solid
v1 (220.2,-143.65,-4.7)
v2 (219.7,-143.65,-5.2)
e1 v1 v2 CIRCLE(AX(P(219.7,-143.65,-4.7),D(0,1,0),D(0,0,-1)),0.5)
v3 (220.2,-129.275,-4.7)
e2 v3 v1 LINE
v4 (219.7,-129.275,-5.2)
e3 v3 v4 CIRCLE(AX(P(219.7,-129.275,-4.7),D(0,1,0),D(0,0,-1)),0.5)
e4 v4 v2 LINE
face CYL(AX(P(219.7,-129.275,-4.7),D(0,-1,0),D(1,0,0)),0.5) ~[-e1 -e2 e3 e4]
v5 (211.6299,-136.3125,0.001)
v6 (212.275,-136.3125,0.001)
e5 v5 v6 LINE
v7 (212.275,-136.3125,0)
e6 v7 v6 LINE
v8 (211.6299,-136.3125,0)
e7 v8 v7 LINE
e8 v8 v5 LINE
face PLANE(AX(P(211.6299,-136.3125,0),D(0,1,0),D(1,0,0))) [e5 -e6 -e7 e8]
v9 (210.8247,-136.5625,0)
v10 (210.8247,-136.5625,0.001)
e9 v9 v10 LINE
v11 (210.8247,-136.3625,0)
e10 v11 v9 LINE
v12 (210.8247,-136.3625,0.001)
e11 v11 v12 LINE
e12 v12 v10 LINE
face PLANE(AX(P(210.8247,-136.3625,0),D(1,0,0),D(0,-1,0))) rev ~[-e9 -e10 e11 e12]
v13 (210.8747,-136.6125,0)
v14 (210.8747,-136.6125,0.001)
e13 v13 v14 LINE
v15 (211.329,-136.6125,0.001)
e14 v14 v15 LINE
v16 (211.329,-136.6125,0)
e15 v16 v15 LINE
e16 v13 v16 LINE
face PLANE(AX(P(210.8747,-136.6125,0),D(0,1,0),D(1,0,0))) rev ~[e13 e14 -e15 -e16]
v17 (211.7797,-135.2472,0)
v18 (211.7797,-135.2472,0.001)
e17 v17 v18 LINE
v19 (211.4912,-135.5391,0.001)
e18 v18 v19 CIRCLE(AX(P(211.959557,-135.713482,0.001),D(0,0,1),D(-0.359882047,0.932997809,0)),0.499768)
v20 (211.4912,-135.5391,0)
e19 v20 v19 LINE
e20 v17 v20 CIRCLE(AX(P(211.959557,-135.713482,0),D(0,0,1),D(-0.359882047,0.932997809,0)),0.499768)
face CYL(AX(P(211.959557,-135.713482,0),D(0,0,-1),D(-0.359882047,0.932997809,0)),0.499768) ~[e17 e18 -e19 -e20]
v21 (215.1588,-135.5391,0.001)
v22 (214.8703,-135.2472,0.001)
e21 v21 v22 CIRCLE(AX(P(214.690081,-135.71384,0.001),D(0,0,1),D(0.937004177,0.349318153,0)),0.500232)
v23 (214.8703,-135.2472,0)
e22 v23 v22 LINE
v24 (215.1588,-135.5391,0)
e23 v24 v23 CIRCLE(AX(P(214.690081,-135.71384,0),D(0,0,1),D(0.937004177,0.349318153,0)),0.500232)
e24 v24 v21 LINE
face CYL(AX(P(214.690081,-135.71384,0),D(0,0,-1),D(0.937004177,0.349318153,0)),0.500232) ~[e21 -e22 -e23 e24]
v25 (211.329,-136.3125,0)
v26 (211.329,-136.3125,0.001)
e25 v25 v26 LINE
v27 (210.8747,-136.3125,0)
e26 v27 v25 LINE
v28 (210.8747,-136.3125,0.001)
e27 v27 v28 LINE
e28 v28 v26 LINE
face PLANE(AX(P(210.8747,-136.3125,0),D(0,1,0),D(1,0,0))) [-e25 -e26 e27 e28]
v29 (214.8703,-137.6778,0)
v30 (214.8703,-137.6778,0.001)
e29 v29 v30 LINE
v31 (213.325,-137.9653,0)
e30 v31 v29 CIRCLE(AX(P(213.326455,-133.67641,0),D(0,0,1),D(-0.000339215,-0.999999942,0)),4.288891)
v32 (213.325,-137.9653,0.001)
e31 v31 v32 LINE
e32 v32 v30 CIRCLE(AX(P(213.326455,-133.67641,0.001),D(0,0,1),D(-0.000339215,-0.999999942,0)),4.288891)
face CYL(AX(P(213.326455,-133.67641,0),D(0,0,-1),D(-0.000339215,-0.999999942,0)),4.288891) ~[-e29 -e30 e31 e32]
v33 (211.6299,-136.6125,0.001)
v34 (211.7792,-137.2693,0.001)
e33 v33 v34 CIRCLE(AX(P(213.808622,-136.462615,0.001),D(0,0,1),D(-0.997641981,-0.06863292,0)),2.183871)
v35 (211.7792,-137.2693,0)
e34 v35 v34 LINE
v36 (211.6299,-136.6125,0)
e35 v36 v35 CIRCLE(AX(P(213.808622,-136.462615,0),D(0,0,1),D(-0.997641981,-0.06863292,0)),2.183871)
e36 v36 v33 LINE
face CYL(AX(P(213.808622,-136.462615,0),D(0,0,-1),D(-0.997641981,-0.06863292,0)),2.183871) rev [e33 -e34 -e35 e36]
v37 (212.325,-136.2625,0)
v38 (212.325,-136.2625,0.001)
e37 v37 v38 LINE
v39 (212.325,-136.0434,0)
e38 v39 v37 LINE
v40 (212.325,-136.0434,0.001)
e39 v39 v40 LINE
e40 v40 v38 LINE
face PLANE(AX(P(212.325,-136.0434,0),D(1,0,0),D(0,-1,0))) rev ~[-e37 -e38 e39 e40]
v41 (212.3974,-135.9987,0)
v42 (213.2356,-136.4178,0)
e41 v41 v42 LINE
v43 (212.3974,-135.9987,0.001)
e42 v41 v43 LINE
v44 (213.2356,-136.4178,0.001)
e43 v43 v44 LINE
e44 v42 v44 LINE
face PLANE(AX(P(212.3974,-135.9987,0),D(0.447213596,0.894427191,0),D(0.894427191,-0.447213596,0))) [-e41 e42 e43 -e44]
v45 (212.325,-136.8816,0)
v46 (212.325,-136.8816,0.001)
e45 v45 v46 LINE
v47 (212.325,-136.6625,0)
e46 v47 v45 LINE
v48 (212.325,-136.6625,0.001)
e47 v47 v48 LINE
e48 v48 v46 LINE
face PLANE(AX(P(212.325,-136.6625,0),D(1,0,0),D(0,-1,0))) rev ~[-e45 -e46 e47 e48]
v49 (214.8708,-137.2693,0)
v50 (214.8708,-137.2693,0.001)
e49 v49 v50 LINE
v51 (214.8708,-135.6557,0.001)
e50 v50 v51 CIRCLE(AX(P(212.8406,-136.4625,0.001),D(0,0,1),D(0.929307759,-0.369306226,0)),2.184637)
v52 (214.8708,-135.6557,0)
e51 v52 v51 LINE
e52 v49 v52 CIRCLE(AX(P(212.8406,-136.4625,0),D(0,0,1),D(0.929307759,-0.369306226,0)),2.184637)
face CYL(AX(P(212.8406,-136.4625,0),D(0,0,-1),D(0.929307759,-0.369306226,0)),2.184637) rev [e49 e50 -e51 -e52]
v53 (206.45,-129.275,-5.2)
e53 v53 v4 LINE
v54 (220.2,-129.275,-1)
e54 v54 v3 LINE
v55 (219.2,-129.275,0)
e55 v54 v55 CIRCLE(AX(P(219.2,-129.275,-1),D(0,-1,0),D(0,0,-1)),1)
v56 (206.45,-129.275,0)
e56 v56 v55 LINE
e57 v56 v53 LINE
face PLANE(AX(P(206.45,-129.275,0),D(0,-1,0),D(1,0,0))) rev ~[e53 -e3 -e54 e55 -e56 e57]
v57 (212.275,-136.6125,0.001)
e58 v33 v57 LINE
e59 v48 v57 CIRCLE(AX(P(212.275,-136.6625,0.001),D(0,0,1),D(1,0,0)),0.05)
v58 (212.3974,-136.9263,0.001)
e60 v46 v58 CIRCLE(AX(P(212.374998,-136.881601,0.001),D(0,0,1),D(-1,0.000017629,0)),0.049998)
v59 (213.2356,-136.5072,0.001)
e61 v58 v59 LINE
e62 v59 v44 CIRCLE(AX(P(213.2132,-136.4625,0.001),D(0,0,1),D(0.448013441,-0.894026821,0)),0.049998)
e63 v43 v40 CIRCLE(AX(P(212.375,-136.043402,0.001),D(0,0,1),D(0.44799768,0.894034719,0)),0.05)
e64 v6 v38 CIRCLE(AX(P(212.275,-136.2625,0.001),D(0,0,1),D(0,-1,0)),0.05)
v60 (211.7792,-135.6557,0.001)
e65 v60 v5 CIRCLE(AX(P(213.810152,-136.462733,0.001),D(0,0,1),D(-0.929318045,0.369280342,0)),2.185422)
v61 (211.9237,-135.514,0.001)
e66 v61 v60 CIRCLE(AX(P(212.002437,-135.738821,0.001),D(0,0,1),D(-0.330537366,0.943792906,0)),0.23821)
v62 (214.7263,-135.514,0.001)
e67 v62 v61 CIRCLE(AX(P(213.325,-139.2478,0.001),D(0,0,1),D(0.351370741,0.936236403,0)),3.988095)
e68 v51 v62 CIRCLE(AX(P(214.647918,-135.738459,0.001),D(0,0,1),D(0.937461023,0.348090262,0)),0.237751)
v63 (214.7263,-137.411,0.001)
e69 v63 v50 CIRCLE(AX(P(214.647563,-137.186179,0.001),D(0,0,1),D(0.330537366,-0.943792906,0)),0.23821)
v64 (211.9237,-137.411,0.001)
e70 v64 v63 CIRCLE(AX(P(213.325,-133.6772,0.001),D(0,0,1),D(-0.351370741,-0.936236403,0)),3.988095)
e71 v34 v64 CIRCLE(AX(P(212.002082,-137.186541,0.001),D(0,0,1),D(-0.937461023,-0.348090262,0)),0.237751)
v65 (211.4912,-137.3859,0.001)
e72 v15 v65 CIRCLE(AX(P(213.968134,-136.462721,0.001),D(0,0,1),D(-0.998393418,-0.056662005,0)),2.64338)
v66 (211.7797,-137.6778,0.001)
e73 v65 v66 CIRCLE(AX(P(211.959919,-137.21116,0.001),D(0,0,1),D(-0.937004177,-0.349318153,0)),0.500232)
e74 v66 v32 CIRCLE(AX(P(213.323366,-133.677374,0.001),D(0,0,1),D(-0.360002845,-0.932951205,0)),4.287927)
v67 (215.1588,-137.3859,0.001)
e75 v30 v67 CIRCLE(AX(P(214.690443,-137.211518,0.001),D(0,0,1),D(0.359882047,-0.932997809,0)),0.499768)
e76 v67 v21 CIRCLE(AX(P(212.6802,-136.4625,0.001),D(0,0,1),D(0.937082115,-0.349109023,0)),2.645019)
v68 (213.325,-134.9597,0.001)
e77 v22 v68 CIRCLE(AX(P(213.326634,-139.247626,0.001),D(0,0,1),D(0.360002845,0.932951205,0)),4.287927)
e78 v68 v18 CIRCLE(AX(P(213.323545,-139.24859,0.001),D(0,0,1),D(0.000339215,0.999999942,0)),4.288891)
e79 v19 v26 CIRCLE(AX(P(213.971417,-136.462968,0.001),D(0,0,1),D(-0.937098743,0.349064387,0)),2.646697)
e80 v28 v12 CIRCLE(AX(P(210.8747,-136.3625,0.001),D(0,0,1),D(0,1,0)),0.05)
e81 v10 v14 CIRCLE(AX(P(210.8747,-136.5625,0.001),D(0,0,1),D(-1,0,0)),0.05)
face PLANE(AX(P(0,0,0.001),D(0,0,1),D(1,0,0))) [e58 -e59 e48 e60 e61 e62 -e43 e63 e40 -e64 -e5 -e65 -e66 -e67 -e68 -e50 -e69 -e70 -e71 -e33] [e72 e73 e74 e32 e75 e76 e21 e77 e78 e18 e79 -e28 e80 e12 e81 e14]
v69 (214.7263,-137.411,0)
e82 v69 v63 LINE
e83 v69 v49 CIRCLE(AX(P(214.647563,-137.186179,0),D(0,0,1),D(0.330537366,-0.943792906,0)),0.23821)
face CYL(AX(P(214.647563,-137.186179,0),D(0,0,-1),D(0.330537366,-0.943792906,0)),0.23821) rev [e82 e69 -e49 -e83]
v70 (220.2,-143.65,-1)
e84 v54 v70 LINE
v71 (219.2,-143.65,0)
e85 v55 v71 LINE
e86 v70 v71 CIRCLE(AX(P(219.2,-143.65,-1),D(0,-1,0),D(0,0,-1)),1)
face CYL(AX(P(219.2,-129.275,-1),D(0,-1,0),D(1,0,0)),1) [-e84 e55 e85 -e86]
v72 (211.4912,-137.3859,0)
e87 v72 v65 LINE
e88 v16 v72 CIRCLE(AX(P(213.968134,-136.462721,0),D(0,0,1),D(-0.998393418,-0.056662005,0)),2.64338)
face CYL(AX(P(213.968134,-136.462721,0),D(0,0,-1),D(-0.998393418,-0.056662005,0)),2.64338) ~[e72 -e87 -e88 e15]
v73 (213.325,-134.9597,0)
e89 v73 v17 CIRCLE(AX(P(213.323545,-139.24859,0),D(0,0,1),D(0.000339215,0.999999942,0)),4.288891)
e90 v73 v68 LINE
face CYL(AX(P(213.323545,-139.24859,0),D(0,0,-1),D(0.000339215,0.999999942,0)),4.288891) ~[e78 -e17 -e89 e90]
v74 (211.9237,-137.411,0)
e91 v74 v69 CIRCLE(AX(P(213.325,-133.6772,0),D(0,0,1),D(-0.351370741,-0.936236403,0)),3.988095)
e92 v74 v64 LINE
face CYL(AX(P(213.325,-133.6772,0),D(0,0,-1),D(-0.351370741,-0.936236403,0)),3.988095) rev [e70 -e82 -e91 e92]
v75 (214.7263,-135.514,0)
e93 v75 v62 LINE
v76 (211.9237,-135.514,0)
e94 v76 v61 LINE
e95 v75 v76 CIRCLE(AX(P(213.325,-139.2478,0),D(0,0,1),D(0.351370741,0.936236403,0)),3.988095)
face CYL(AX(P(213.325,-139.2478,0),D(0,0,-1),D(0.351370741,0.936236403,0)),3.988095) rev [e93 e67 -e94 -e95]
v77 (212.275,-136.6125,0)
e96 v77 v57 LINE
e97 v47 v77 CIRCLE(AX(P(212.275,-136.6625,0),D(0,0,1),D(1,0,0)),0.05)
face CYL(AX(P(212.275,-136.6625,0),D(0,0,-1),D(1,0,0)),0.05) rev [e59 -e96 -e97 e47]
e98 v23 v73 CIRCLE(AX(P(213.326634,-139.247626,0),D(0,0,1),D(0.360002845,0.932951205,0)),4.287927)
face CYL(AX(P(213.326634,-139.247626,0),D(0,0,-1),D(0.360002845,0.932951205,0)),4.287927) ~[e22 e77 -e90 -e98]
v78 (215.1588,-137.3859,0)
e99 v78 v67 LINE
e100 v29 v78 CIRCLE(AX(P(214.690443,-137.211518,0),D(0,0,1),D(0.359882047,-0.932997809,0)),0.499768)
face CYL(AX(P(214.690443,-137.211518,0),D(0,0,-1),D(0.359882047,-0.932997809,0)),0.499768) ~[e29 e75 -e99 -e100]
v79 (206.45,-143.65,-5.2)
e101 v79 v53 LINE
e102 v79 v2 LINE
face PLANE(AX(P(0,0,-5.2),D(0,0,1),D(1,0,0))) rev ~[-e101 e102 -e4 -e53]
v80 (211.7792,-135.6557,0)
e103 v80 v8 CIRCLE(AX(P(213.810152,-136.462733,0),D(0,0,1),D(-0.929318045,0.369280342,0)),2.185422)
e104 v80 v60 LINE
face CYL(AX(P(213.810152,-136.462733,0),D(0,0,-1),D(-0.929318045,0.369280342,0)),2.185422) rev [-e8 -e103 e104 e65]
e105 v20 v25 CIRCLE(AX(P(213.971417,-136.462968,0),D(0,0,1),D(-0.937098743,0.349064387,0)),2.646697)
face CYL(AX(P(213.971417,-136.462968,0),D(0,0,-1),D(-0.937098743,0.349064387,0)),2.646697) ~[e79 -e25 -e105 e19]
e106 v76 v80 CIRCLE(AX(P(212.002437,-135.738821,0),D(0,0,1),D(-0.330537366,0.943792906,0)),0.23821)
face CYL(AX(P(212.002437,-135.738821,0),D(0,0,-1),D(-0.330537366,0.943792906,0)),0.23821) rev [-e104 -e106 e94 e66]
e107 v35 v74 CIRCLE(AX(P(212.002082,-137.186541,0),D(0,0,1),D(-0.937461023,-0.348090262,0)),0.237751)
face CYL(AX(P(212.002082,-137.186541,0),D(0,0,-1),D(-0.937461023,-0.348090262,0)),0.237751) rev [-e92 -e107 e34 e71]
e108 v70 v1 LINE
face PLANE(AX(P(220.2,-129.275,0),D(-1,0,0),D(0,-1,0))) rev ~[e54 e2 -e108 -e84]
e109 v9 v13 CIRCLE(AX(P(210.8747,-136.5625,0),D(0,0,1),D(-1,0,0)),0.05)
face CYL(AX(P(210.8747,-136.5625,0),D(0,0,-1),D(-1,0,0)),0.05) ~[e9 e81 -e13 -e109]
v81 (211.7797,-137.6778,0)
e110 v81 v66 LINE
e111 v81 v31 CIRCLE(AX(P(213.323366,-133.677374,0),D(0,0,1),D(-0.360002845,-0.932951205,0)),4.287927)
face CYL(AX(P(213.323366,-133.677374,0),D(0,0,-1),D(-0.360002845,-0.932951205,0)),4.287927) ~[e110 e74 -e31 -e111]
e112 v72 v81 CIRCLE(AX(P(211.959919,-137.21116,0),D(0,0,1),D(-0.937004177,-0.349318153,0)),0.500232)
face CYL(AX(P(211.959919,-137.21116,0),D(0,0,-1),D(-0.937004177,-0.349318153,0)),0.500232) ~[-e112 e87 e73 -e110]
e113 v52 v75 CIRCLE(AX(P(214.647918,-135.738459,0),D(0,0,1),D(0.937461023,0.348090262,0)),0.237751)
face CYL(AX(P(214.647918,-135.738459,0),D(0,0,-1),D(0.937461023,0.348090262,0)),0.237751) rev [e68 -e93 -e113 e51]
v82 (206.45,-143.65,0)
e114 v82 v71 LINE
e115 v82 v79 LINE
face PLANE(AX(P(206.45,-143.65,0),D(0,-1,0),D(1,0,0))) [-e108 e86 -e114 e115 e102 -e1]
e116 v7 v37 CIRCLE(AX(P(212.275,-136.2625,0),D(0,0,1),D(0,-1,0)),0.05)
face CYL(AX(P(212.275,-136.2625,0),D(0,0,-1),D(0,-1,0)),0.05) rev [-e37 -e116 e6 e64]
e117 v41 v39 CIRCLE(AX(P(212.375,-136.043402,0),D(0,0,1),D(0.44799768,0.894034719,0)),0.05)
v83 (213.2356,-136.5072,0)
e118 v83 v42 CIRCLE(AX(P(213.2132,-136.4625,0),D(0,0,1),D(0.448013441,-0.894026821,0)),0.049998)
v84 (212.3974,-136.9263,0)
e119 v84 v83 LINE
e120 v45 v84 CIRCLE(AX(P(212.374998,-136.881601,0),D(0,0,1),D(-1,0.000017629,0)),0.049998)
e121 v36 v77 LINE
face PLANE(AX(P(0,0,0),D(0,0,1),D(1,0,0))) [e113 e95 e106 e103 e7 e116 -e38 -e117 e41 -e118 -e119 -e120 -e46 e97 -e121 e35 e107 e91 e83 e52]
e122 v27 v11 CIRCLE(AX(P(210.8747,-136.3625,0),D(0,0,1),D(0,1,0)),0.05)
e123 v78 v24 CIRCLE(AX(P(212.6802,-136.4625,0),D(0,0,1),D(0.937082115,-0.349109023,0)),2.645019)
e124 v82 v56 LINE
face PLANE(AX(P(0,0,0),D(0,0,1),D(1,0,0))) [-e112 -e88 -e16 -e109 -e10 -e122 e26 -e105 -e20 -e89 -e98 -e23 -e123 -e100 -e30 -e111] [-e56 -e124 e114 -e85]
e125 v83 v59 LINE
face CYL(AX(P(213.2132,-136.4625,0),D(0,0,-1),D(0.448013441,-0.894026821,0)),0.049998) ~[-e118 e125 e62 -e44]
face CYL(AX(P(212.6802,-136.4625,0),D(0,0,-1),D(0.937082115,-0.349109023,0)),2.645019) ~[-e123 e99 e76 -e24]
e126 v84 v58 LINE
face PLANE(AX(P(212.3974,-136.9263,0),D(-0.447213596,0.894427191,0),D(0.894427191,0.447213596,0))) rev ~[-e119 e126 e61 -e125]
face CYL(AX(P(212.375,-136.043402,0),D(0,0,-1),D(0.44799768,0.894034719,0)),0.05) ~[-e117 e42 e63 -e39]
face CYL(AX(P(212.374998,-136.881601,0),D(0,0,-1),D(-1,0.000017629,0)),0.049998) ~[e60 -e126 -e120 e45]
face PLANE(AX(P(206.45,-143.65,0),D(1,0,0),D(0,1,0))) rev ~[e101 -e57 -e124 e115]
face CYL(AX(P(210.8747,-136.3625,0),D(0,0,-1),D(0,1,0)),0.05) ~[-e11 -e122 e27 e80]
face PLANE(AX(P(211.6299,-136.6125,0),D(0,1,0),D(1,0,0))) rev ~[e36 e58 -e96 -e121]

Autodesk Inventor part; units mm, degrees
ref_plane "YZ Plane" through (0, 0, 0) normal (1, 0, 0) x (0, 1, 0)
ref_plane "XZ Plane" through (0, 0, 0) normal (0, 1, 0) x (-1, 0, 0)
ref_plane "XY Plane" through (0, 0, 0) normal (0, 0, 1) x (1, 0, 0)
sketch "Szkic1" plane through (0, 0, 0) normal (0, 0, 1) x (1, 0, 0)
  line L0 (206.45, -143.65) -> (206.45, -129.275)
  line L1 (206.45, -129.275) -> (220.2, -129.275)
  line L2 (206.45, -143.65) -> (220.2, -143.65)
  line L3 (220.2, -129.275) -> (220.2, -143.65)
extrude "Wyciągnięcie proste1" add sketch "Szkic1" against normal blind 5.2
fillet "Zaokrąglenie1" radius 0.5 1 edges at (220.2, -136.4625, -5.2)
sketch "Szkic6" plane through (0, 0, 0) normal (0, 0, 1) x (1, 0, 0)
  arc A0 (214.7263, -135.514) -> (211.9237, -135.514) centre (213.325, -139.2478) ccw
  arc A1 (211.9237, -137.411) -> (214.7263, -137.411) centre (213.325, -133.6772) ccw
  arc A2 (214.8708, -137.2693) -> (214.8708, -135.6557) centre (212.8406, -136.4625) ccw
  arc A3 (211.9237, -135.514) -> (211.7792, -135.6557) centre (212.0023, -135.7386) ccw
  arc A4 (211.7792, -137.2693) -> (211.9237, -137.411) centre (212.0023, -137.1864) ccw
  arc A5 (214.8708, -135.6557) -> (214.7263, -135.514) centre (214.6477, -135.7386) ccw
  arc A6 (214.7263, -137.411) -> (214.8708, -137.2693) centre (214.6477, -137.1864) ccw
  arc A7 (213.325, -134.9597) -> (211.7797, -135.2472) centre (213.3235, -139.2481) ccw
  arc A8 (211.7797, -135.2472) -> (211.4912, -135.5391) centre (211.9597, -135.7137) ccw
  arc A9 (211.7797, -137.6778) -> (213.325, -137.9653) centre (213.3235, -133.6769) ccw
  arc A10 (211.4912, -137.3859) -> (211.7797, -137.6778) centre (211.9597, -137.2113) ccw
  arc A11 (213.325, -137.9653) -> (214.8703, -137.6778) centre (213.3265, -133.6769) ccw
  arc A12 (214.8703, -137.6778) -> (215.1588, -137.3859) centre (214.6903, -137.2113) ccw
  arc A13 (214.8703, -135.2472) -> (213.325, -134.9597) centre (213.3265, -139.2481) ccw
  arc A14 (215.1588, -135.5391) -> (214.8703, -135.2472) centre (214.6903, -135.7137) ccw
  arc A15 (215.1588, -137.3859) -> (215.1588, -135.5391) centre (212.6802, -136.4625) ccw
  line L0 (206.45, -143.65) -> (206.45, -129.275) projected
  line L1 (206.45, -129.275) -> (220.2, -129.275) projected
  line L2 (210.8247, -136.3625) -> (210.8247, -136.5625)
  line L3 (212.3974, -135.9987) -> (213.2356, -136.4178)
  line L4 (212.3974, -136.9263) -> (213.2356, -136.5072)
  line L5 (212.325, -136.0434) -> (212.325, -136.2625)
  line L6 (212.325, -136.6625) -> (212.325, -136.8816)
  arc A16 (212.3974, -135.9987) -> (212.325, -136.0434) centre (212.375, -136.0434) ccw
  arc A17 (212.325, -136.8816) -> (212.3974, -136.9263) centre (212.375, -136.8816) ccw
  arc A18 (213.2356, -136.5072) -> (213.2356, -136.4178) centre (213.2132, -136.4625) ccw
  arc A19 (210.8747, -136.3125) -> (210.8247, -136.3625) centre (210.8747, -136.3625) ccw
  arc A20 (210.8247, -136.5625) -> (210.8747, -136.6125) centre (210.8747, -136.5625) ccw
  arc A21 (212.275, -136.3125) -> (212.325, -136.2625) centre (212.275, -136.2625) ccw
  arc A22 (212.325, -136.6625) -> (212.275, -136.6125) centre (212.275, -136.6625) ccw
  arc A23 (211.7792, -135.6557) -> (211.6299, -136.3125) centre (213.8094, -136.4625) ccw
  arc A24 (211.6299, -136.6125) -> (211.7792, -137.2693) centre (213.8094, -136.4625) ccw
  arc A25 (211.4912, -135.5391) -> (211.329, -136.3125) centre (213.9698, -136.4625) ccw
  arc A26 (211.329, -136.6125) -> (211.4912, -137.3859) centre (213.9698, -136.4625) ccw
  line L7 (210.8747, -136.3125) -> (211.329, -136.3125)
  line L8 (211.6299, -136.3125) -> (212.275, -136.3125)
  line L9 (210.8747, -136.6125) -> (211.329, -136.6125)
  line L10 (211.6299, -136.6125) -> (212.275, -136.6125)
  point P0 (206.45, -136.4625)
  point P1 (213.325, -129.275)
  point P2 (210.8247, -136.3125)
  point P3 (210.8247, -136.6125)
  point P4 (212.325, -135.9625)
  point P5 (212.325, -136.9625)
  dimension "d70" = 0.3
  dimension "d75" = 1
  dimension "d78" = 0.05
fillet "Zaokrąglenie2" radius 1 1 edges at (220.2, -136.4625, 0)
extrude "Wyciągnięcie proste5" add sketch "Szkic6" along normal blind 0.001
properties part number "PRZYCISK IO" material "Tworzywo sztuczne, nieprzezroczyste czarne"
